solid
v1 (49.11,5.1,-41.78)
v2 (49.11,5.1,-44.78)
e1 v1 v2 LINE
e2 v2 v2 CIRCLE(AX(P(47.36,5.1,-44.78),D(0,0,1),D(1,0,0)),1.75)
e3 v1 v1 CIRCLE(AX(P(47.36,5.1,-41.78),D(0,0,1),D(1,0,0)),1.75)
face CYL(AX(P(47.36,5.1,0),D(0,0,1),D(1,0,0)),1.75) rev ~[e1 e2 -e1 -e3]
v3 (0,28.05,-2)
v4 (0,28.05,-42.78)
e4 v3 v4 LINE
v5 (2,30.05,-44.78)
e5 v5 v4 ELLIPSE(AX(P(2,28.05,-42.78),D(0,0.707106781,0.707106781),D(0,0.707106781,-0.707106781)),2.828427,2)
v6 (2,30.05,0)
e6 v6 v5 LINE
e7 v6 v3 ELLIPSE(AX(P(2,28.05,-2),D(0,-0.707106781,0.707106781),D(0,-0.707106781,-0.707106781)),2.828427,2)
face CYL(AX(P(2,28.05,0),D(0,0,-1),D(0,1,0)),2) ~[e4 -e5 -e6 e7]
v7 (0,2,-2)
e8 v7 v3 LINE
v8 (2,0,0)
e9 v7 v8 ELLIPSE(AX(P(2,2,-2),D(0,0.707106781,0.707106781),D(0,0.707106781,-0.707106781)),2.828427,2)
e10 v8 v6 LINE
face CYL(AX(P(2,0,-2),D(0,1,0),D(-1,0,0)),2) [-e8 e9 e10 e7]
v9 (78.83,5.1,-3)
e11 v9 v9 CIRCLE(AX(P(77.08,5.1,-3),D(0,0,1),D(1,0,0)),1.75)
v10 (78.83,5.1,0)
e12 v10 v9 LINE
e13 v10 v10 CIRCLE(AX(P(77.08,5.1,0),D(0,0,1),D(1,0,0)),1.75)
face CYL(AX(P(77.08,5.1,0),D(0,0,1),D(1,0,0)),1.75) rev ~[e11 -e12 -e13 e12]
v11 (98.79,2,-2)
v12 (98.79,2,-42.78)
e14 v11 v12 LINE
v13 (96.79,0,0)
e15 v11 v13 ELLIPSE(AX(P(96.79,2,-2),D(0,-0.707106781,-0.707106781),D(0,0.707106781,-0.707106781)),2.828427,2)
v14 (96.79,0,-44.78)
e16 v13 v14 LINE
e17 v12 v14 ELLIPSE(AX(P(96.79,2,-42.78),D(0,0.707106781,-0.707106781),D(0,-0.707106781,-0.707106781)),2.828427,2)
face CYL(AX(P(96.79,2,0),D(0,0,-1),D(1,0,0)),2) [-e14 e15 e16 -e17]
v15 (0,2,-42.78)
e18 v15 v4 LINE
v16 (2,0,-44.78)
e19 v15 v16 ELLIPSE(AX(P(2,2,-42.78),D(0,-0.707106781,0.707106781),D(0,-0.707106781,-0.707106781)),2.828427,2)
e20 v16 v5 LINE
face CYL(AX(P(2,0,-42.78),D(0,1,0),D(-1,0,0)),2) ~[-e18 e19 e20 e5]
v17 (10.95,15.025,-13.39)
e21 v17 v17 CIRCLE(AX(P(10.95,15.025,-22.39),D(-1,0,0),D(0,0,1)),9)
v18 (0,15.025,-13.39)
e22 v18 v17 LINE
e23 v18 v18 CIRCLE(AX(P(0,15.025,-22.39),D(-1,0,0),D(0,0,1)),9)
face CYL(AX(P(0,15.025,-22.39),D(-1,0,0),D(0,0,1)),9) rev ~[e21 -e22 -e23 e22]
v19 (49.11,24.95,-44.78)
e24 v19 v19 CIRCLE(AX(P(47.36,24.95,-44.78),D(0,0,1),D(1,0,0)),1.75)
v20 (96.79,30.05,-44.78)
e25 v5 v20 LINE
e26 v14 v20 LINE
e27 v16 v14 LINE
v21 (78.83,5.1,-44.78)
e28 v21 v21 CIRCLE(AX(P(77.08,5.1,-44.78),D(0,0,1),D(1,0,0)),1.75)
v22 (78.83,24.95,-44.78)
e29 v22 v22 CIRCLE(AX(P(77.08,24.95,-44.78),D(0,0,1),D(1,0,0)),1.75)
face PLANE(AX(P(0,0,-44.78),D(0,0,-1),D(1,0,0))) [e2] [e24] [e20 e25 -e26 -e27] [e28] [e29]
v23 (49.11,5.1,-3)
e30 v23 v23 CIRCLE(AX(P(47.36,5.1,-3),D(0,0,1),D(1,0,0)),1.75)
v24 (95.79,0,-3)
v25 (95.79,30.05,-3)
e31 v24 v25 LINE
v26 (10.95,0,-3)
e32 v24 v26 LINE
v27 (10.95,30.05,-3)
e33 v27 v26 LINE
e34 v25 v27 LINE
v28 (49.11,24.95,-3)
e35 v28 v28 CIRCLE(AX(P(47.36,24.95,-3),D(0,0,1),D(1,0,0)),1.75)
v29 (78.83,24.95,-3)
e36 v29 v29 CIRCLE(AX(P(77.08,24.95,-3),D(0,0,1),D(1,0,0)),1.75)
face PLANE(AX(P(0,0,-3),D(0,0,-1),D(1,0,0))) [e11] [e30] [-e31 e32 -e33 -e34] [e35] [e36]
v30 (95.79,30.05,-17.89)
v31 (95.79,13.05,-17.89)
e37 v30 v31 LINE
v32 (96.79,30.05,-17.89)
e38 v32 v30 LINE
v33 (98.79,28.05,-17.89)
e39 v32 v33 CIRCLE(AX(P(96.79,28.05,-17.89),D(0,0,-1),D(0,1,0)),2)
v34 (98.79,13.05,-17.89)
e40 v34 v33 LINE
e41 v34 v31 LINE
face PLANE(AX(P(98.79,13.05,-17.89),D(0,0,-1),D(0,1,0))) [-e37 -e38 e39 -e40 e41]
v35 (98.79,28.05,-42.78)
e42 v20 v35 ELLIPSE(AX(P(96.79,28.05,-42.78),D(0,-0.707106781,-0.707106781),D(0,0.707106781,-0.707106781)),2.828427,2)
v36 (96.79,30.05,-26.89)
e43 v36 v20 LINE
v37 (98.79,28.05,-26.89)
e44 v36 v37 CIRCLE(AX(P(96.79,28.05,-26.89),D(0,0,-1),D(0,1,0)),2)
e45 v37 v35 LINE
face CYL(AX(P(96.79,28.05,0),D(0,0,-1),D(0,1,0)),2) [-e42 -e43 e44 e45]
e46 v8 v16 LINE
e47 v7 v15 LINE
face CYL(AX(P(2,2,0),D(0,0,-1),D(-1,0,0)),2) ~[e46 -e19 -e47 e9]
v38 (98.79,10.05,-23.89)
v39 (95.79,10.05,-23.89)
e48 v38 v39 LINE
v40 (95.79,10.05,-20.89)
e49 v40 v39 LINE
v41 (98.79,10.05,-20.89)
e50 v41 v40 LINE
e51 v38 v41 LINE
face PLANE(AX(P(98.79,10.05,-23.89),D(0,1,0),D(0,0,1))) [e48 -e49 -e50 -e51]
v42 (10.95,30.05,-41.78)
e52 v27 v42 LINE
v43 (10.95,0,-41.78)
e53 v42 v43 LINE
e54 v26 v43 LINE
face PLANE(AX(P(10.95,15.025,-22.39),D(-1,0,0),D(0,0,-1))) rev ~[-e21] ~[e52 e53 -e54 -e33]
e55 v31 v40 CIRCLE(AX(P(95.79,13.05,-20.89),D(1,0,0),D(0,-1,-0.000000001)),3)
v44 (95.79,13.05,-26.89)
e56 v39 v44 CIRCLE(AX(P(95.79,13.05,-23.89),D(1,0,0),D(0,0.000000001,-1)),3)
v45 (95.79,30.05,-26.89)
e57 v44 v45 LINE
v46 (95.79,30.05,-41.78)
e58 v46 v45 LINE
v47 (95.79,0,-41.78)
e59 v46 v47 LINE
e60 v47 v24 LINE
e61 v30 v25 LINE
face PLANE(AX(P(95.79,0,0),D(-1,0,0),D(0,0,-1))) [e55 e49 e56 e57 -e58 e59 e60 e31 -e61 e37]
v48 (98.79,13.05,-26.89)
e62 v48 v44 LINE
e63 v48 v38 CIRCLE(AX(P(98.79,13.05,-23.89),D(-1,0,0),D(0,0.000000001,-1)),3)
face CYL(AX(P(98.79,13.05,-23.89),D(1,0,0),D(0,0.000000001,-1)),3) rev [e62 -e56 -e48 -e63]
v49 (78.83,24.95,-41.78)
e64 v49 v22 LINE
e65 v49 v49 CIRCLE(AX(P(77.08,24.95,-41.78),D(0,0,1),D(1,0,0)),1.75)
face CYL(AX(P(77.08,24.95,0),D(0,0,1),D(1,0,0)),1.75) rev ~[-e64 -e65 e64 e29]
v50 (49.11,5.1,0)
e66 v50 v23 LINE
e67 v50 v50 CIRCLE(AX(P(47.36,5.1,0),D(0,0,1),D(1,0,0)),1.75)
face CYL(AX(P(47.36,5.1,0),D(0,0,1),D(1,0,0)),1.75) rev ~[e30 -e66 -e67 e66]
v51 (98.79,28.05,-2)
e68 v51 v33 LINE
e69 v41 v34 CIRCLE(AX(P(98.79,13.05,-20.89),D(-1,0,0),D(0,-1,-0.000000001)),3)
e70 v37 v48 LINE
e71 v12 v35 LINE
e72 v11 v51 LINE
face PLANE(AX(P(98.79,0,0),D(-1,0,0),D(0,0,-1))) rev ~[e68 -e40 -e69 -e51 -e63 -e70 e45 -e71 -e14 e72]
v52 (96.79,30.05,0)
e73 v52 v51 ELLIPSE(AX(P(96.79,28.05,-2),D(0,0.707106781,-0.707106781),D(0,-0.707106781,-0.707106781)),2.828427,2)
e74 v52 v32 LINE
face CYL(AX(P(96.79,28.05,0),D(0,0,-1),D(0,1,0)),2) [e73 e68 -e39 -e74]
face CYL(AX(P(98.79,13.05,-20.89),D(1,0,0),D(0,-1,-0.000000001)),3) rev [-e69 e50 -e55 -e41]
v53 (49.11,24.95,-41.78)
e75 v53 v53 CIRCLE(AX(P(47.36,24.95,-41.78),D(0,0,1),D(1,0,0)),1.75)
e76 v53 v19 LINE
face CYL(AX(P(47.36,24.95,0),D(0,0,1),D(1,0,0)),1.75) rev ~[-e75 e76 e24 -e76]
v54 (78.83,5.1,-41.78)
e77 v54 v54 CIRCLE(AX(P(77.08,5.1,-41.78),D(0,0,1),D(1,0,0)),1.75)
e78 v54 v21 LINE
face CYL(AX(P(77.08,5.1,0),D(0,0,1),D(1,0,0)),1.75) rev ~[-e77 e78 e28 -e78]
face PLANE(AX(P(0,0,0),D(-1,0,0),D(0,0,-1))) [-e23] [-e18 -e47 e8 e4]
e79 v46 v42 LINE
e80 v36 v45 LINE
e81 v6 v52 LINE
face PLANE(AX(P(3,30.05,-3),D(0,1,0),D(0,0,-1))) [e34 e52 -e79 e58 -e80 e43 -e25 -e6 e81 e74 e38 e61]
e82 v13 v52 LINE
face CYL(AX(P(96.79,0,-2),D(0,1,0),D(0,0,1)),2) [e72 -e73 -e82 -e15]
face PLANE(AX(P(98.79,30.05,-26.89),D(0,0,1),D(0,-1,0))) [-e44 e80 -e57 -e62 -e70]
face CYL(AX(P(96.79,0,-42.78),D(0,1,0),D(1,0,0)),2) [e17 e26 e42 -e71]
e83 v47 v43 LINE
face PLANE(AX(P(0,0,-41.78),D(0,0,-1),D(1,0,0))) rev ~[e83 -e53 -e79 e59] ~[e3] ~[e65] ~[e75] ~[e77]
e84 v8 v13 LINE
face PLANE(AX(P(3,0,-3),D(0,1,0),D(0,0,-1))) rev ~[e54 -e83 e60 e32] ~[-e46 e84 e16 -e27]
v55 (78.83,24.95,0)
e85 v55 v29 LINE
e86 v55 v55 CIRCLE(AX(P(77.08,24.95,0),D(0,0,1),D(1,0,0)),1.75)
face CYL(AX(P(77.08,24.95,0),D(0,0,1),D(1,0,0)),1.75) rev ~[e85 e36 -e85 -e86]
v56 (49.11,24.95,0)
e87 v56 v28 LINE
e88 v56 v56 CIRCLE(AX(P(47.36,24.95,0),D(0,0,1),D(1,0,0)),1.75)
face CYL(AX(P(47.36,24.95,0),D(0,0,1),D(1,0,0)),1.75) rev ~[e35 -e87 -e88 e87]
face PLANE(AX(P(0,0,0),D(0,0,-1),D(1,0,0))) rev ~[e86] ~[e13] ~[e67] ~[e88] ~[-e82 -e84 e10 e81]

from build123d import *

# Parameters (mm, degrees)
SKETCH1_W                 = 98.79
SKETCH1_H                 = 44.78
BOSS_EXTRUDE1_DEPTH       = 30.05
SHELL1_T                  = -3
SHELL1_THICKNESS_2_FACE_W = 38.78
SHELL1_THICKNESS_2_FACE_H = 30.05
SHELL1_THICKNESS_2_DEPTH  = 7.95
SKETCH2_R                 = 1.75
CUT_EXTRUDE1_DEPTH        = 113.550944021
FILLET1_R                 = 2
CUT_EXTRUDE3_DEPTH        = 29.61
SKETCH5_R                 = 9
CUT_EXTRUDE4_DEPTH        = 20


with BuildPart() as part:
    # Sketch1 → Boss-Extrude1 (new body)
    with BuildSketch(Plane(origin=(0, 0, 0), x_dir=(1, 0, 0), z_dir=(0, 1, 0))):
        with Locations((49.395, 22.39)):
            Rectangle(SKETCH1_W, SKETCH1_H)
    extrude(amount=BOSS_EXTRUDE1_DEPTH)

    # Shell1
    shell1_openings = [part.faces().sort_by_distance(p)[0] for p in [
        (49.395, 30.05, -22.39),
        (49.395, 0, -22.39),
    ]]
    offset(amount=SHELL1_T, openings=shell1_openings, kind=Kind.INTERSECTION)

    # Shell1 thickness 2 face (on inner face of the shell) → Shell1 thickness 2 (add)
    with BuildSketch(Plane(origin=(3, 15.025, -22.39), x_dir=(0, 0, -1), z_dir=(-1, 0, 0))):
        Rectangle(SHELL1_THICKNESS_2_FACE_W, SHELL1_THICKNESS_2_FACE_H)
    extrude(amount=-SHELL1_THICKNESS_2_DEPTH)

    # Sketch2 → Cut-Extrude1 (cut, through all)
    with BuildSketch(Plane.XY):
        with Locations((77.08, 24.95)):
            Circle(SKETCH2_R)
        with Locations((77.08, 5.1)):
            Circle(SKETCH2_R)
        with Locations((47.36, 5.1)):
            Circle(SKETCH2_R)
        with Locations((47.36, 24.95)):
            Circle(SKETCH2_R)
    extrude(amount=-CUT_EXTRUDE1_DEPTH, mode=Mode.SUBTRACT)

    # Fillet1
    fillet1_edges = [part.edges().sort_by_distance(p)[0] for p in [
        (98.79, 30.05, -22.39),
        (0, 30.05, -22.39),
        (98.79, 0, -22.39),
        (0, 0, -22.39),
        (0, 15.025, -44.78),
        (98.79, 15.025, -44.78),
        (98.79, 15.025, 0),
        (0, 15.025, 0),
    ]]
    fillet(fillet1_edges, radius=FILLET1_R)

    # Sketch4 → Cut-Extrude3 (cut)
    with BuildSketch(Plane(origin=(98.79, 0, 0), x_dir=(0, 0, -1), z_dir=(1, 0, 0))):
        with BuildLine():
            Line((17.89, 30.05), (26.89, 30.05))
            Line((26.89, 30.05), (26.89, 13.05))
            ThreePointArc((26.89, 13.05), (26.011320344, 10.928679656), (23.89, 10.05))
            Line((23.89, 10.05), (20.89, 10.05))
            ThreePointArc((20.89, 10.05), (18.768679656, 10.928679656), (17.89, 13.05))
            Line((17.89, 13.05), (17.89, 30.05))
        make_face()
    extrude(amount=-CUT_EXTRUDE3_DEPTH, mode=Mode.SUBTRACT)

    # Sketch5 → Cut-Extrude4 (cut)
    with BuildSketch(Plane.ZY):
        with Locations((-22.39, 15.025)):
            Circle(SKETCH5_R)
    extrude(amount=-CUT_EXTRUDE4_DEPTH, mode=Mode.SUBTRACT)


solid = part.part
